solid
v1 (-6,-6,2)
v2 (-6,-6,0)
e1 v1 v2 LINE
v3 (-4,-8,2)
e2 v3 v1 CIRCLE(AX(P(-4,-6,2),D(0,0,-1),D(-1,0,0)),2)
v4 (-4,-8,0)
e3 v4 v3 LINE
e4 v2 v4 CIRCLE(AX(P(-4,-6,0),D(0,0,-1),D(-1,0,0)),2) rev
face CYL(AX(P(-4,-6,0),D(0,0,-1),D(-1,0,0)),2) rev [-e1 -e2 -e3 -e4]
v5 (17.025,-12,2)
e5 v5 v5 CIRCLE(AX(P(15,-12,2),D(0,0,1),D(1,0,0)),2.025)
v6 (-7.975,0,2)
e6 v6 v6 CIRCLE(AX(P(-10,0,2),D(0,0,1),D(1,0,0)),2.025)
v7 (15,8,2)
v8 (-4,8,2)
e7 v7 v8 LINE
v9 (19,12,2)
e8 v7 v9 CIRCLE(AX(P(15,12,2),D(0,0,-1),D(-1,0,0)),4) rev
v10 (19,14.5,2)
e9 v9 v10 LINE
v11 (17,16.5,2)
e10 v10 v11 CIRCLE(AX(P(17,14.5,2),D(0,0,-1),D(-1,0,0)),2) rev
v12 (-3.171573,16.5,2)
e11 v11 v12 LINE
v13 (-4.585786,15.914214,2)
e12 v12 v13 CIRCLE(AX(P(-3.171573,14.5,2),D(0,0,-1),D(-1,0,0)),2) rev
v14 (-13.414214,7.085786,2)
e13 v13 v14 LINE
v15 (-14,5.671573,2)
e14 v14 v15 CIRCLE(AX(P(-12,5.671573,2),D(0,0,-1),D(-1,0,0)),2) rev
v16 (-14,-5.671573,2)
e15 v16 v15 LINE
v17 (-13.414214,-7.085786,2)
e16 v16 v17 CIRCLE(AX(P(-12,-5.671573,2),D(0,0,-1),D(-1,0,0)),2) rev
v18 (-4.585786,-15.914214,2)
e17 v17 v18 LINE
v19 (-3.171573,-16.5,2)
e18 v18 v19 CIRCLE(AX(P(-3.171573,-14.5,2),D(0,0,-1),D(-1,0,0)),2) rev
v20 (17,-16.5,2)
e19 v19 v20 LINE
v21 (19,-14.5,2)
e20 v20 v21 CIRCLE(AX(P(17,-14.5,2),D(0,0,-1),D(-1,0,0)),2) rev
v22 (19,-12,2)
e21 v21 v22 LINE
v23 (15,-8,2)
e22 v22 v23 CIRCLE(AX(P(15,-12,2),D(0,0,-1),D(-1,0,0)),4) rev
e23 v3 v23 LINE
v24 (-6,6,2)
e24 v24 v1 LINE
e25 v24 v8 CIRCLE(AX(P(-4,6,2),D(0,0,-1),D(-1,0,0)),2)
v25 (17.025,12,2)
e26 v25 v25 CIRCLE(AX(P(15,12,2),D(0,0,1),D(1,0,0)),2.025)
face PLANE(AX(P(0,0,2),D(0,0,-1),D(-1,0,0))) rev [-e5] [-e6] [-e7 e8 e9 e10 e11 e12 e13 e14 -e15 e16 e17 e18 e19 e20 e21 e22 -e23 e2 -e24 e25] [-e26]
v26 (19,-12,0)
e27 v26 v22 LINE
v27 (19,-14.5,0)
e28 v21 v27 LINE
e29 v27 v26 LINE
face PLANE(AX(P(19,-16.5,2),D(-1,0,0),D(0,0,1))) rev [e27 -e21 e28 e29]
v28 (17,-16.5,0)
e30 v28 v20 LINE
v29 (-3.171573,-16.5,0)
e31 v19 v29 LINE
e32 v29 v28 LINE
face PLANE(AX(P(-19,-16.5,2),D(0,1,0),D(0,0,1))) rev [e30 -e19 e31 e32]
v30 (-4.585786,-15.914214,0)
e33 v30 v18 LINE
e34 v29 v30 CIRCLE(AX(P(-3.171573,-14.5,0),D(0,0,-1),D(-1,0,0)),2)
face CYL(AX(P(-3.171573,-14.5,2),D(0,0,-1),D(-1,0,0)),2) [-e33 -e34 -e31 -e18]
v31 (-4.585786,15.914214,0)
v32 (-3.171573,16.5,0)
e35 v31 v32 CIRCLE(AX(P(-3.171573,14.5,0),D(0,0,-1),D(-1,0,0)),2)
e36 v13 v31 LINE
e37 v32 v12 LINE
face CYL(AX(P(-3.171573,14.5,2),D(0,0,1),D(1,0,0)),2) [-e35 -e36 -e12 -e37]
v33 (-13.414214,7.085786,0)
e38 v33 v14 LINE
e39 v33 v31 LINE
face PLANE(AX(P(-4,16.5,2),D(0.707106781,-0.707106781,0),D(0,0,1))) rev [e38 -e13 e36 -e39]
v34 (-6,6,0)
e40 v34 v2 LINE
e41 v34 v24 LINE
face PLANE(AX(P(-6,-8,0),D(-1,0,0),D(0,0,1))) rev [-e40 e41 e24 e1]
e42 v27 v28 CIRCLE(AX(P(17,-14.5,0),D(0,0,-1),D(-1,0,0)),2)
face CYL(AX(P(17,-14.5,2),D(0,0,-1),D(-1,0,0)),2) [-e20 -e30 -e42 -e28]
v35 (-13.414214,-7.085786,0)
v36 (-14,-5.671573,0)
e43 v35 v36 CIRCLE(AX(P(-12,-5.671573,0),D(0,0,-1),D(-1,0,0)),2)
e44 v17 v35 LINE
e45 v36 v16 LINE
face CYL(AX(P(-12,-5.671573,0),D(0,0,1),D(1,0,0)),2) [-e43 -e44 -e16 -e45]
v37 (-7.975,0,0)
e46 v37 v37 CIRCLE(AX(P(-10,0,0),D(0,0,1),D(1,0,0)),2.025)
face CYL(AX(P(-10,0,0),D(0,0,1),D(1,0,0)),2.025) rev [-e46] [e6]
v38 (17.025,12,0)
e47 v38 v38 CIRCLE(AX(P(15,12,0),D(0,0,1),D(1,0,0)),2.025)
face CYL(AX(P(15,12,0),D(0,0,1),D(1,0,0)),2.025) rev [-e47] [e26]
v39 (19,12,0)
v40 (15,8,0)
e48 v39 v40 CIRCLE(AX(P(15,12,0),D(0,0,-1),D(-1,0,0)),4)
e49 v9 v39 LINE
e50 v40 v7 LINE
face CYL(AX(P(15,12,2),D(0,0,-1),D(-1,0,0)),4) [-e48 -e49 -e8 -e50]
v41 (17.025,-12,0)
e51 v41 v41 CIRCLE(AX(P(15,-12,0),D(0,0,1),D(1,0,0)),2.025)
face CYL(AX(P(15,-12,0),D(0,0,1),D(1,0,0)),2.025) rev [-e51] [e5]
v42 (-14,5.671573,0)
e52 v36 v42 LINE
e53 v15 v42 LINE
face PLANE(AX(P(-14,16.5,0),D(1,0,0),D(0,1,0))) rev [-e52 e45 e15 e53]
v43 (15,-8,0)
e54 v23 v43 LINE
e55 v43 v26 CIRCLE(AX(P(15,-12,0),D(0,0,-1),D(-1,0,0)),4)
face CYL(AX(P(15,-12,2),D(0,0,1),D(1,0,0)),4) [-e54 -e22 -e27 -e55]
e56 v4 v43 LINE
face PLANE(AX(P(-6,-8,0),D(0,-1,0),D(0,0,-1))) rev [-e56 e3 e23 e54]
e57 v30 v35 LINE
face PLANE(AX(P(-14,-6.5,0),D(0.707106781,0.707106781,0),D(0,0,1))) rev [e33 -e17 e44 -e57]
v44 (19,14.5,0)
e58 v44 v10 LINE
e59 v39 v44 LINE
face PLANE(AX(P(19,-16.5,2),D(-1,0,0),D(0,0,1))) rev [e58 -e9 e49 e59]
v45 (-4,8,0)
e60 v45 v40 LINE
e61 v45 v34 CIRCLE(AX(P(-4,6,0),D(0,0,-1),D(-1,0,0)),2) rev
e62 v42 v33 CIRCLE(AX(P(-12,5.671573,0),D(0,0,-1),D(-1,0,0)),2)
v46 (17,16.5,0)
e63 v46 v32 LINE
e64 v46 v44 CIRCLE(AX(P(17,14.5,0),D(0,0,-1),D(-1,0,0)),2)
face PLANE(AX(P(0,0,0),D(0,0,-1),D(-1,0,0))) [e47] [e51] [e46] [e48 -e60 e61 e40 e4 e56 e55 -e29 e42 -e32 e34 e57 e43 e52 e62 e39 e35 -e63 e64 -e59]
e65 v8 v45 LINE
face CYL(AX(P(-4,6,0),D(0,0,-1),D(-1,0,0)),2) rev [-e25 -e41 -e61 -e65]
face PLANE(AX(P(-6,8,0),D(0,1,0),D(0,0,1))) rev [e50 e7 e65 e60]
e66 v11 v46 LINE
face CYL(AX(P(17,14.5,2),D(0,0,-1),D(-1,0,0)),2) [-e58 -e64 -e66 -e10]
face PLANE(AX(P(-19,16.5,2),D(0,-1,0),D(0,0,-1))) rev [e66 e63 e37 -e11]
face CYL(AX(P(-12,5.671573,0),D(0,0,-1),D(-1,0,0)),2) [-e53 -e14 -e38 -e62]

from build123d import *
from OCP.BRepFilletAPI import BRepFilletAPI_MakeFillet

# Parameters (mm, degrees)
SKETCH_1_W          = 38
SKETCH_1_H          = 33
EXTRUDE_1_DEPTH     = 2
SKETCH_2_R          = 2.025
CUT_EXTRUDE_1_DEPTH = 2
SKETCH_3_W          = 50
SKETCH_3_H          = 16
CUT_EXTRUDE_2_DEPTH = 2
FILLET_1_R1         = 2
FILLET_1_R2         = 4
SKETCH_4_W          = 5
SKETCH_4_H          = 33
CUT_EXTRUDE_3_DEPTH = 2
CHAMFER_1_SIZE      = 10
FILLET_2_R          = 2


with BuildPart() as part:
    # Sketch 1 → Extrude 1 (new body)
    with BuildSketch(Plane.XY):
        Rectangle(SKETCH_1_W, SKETCH_1_H)
    extrude(amount=EXTRUDE_1_DEPTH)

    # Sketch 2 → Cut-Extrude 1 (cut)
    with BuildSketch(Plane.XY.offset(2)):
        with Locations((-10, 0)):
            Circle(SKETCH_2_R)
        with Locations((15, -12)):
            Circle(SKETCH_2_R)
        with Locations((15, 12)):
            Circle(SKETCH_2_R)
    extrude(amount=-CUT_EXTRUDE_1_DEPTH, mode=Mode.SUBTRACT)

    # Sketch 3 → Cut-Extrude 2 (cut)
    with BuildSketch(Plane.XY.offset(2)):
        with Locations((19, 0)):
            Rectangle(SKETCH_3_W, SKETCH_3_H)
    extrude(amount=-CUT_EXTRUDE_2_DEPTH, mode=Mode.SUBTRACT)

    # Fillet 1: one fillet with a radius per group of edges: ONE call of the kernel's fillet builder (fillet() takes one radius for all edges)
    fillet_1_edges_1 = [part.edges().sort_by_distance(p)[0] for p in [
        (-6, -8, 1),
        (-6, 8, 1),
        (19, -16.5, 1),
        (19, 16.5, 1),
    ]]
    fillet_1_edges_2 = [part.edges().sort_by_distance(p)[0] for p in [
        (19, 8, 1),
        (19, -8, 1),
    ]]
    fillet_1 = BRepFilletAPI_MakeFillet(part.part.solid().wrapped)
    for e in fillet_1_edges_1:
        fillet_1.Add(FILLET_1_R1, e.wrapped)
    for e in fillet_1_edges_2:
        fillet_1.Add(FILLET_1_R2, e.wrapped)
    add(Compound.cast(fillet_1.Shape()), mode=Mode.REPLACE)

    # Sketch 4 → Cut-Extrude 3 (cut)
    with BuildSketch(Plane.XY.offset(2)):
        with Locations((-16.5, 0)):
            Rectangle(SKETCH_4_W, SKETCH_4_H)
    extrude(amount=-CUT_EXTRUDE_3_DEPTH, mode=Mode.SUBTRACT)

    # Chamfer 1
    chamfer_1_edges = [part.edges().sort_by_distance(p)[0] for p in [
        (-14, 16.5, 1),
        (-14, -16.5, 1),
    ]]
    chamfer(chamfer_1_edges, length=CHAMFER_1_SIZE)

    # Fillet 2
    fillet_2_edges = [part.edges().sort_by_distance(p)[0] for p in [
        (-4, 16.5, 1),
        (-14, -6.5, 1),
        (-14, 6.5, 1),
        (-4, -16.5, 1),
    ]]
    fillet(fillet_2_edges, radius=FILLET_2_R)


solid = part.part
